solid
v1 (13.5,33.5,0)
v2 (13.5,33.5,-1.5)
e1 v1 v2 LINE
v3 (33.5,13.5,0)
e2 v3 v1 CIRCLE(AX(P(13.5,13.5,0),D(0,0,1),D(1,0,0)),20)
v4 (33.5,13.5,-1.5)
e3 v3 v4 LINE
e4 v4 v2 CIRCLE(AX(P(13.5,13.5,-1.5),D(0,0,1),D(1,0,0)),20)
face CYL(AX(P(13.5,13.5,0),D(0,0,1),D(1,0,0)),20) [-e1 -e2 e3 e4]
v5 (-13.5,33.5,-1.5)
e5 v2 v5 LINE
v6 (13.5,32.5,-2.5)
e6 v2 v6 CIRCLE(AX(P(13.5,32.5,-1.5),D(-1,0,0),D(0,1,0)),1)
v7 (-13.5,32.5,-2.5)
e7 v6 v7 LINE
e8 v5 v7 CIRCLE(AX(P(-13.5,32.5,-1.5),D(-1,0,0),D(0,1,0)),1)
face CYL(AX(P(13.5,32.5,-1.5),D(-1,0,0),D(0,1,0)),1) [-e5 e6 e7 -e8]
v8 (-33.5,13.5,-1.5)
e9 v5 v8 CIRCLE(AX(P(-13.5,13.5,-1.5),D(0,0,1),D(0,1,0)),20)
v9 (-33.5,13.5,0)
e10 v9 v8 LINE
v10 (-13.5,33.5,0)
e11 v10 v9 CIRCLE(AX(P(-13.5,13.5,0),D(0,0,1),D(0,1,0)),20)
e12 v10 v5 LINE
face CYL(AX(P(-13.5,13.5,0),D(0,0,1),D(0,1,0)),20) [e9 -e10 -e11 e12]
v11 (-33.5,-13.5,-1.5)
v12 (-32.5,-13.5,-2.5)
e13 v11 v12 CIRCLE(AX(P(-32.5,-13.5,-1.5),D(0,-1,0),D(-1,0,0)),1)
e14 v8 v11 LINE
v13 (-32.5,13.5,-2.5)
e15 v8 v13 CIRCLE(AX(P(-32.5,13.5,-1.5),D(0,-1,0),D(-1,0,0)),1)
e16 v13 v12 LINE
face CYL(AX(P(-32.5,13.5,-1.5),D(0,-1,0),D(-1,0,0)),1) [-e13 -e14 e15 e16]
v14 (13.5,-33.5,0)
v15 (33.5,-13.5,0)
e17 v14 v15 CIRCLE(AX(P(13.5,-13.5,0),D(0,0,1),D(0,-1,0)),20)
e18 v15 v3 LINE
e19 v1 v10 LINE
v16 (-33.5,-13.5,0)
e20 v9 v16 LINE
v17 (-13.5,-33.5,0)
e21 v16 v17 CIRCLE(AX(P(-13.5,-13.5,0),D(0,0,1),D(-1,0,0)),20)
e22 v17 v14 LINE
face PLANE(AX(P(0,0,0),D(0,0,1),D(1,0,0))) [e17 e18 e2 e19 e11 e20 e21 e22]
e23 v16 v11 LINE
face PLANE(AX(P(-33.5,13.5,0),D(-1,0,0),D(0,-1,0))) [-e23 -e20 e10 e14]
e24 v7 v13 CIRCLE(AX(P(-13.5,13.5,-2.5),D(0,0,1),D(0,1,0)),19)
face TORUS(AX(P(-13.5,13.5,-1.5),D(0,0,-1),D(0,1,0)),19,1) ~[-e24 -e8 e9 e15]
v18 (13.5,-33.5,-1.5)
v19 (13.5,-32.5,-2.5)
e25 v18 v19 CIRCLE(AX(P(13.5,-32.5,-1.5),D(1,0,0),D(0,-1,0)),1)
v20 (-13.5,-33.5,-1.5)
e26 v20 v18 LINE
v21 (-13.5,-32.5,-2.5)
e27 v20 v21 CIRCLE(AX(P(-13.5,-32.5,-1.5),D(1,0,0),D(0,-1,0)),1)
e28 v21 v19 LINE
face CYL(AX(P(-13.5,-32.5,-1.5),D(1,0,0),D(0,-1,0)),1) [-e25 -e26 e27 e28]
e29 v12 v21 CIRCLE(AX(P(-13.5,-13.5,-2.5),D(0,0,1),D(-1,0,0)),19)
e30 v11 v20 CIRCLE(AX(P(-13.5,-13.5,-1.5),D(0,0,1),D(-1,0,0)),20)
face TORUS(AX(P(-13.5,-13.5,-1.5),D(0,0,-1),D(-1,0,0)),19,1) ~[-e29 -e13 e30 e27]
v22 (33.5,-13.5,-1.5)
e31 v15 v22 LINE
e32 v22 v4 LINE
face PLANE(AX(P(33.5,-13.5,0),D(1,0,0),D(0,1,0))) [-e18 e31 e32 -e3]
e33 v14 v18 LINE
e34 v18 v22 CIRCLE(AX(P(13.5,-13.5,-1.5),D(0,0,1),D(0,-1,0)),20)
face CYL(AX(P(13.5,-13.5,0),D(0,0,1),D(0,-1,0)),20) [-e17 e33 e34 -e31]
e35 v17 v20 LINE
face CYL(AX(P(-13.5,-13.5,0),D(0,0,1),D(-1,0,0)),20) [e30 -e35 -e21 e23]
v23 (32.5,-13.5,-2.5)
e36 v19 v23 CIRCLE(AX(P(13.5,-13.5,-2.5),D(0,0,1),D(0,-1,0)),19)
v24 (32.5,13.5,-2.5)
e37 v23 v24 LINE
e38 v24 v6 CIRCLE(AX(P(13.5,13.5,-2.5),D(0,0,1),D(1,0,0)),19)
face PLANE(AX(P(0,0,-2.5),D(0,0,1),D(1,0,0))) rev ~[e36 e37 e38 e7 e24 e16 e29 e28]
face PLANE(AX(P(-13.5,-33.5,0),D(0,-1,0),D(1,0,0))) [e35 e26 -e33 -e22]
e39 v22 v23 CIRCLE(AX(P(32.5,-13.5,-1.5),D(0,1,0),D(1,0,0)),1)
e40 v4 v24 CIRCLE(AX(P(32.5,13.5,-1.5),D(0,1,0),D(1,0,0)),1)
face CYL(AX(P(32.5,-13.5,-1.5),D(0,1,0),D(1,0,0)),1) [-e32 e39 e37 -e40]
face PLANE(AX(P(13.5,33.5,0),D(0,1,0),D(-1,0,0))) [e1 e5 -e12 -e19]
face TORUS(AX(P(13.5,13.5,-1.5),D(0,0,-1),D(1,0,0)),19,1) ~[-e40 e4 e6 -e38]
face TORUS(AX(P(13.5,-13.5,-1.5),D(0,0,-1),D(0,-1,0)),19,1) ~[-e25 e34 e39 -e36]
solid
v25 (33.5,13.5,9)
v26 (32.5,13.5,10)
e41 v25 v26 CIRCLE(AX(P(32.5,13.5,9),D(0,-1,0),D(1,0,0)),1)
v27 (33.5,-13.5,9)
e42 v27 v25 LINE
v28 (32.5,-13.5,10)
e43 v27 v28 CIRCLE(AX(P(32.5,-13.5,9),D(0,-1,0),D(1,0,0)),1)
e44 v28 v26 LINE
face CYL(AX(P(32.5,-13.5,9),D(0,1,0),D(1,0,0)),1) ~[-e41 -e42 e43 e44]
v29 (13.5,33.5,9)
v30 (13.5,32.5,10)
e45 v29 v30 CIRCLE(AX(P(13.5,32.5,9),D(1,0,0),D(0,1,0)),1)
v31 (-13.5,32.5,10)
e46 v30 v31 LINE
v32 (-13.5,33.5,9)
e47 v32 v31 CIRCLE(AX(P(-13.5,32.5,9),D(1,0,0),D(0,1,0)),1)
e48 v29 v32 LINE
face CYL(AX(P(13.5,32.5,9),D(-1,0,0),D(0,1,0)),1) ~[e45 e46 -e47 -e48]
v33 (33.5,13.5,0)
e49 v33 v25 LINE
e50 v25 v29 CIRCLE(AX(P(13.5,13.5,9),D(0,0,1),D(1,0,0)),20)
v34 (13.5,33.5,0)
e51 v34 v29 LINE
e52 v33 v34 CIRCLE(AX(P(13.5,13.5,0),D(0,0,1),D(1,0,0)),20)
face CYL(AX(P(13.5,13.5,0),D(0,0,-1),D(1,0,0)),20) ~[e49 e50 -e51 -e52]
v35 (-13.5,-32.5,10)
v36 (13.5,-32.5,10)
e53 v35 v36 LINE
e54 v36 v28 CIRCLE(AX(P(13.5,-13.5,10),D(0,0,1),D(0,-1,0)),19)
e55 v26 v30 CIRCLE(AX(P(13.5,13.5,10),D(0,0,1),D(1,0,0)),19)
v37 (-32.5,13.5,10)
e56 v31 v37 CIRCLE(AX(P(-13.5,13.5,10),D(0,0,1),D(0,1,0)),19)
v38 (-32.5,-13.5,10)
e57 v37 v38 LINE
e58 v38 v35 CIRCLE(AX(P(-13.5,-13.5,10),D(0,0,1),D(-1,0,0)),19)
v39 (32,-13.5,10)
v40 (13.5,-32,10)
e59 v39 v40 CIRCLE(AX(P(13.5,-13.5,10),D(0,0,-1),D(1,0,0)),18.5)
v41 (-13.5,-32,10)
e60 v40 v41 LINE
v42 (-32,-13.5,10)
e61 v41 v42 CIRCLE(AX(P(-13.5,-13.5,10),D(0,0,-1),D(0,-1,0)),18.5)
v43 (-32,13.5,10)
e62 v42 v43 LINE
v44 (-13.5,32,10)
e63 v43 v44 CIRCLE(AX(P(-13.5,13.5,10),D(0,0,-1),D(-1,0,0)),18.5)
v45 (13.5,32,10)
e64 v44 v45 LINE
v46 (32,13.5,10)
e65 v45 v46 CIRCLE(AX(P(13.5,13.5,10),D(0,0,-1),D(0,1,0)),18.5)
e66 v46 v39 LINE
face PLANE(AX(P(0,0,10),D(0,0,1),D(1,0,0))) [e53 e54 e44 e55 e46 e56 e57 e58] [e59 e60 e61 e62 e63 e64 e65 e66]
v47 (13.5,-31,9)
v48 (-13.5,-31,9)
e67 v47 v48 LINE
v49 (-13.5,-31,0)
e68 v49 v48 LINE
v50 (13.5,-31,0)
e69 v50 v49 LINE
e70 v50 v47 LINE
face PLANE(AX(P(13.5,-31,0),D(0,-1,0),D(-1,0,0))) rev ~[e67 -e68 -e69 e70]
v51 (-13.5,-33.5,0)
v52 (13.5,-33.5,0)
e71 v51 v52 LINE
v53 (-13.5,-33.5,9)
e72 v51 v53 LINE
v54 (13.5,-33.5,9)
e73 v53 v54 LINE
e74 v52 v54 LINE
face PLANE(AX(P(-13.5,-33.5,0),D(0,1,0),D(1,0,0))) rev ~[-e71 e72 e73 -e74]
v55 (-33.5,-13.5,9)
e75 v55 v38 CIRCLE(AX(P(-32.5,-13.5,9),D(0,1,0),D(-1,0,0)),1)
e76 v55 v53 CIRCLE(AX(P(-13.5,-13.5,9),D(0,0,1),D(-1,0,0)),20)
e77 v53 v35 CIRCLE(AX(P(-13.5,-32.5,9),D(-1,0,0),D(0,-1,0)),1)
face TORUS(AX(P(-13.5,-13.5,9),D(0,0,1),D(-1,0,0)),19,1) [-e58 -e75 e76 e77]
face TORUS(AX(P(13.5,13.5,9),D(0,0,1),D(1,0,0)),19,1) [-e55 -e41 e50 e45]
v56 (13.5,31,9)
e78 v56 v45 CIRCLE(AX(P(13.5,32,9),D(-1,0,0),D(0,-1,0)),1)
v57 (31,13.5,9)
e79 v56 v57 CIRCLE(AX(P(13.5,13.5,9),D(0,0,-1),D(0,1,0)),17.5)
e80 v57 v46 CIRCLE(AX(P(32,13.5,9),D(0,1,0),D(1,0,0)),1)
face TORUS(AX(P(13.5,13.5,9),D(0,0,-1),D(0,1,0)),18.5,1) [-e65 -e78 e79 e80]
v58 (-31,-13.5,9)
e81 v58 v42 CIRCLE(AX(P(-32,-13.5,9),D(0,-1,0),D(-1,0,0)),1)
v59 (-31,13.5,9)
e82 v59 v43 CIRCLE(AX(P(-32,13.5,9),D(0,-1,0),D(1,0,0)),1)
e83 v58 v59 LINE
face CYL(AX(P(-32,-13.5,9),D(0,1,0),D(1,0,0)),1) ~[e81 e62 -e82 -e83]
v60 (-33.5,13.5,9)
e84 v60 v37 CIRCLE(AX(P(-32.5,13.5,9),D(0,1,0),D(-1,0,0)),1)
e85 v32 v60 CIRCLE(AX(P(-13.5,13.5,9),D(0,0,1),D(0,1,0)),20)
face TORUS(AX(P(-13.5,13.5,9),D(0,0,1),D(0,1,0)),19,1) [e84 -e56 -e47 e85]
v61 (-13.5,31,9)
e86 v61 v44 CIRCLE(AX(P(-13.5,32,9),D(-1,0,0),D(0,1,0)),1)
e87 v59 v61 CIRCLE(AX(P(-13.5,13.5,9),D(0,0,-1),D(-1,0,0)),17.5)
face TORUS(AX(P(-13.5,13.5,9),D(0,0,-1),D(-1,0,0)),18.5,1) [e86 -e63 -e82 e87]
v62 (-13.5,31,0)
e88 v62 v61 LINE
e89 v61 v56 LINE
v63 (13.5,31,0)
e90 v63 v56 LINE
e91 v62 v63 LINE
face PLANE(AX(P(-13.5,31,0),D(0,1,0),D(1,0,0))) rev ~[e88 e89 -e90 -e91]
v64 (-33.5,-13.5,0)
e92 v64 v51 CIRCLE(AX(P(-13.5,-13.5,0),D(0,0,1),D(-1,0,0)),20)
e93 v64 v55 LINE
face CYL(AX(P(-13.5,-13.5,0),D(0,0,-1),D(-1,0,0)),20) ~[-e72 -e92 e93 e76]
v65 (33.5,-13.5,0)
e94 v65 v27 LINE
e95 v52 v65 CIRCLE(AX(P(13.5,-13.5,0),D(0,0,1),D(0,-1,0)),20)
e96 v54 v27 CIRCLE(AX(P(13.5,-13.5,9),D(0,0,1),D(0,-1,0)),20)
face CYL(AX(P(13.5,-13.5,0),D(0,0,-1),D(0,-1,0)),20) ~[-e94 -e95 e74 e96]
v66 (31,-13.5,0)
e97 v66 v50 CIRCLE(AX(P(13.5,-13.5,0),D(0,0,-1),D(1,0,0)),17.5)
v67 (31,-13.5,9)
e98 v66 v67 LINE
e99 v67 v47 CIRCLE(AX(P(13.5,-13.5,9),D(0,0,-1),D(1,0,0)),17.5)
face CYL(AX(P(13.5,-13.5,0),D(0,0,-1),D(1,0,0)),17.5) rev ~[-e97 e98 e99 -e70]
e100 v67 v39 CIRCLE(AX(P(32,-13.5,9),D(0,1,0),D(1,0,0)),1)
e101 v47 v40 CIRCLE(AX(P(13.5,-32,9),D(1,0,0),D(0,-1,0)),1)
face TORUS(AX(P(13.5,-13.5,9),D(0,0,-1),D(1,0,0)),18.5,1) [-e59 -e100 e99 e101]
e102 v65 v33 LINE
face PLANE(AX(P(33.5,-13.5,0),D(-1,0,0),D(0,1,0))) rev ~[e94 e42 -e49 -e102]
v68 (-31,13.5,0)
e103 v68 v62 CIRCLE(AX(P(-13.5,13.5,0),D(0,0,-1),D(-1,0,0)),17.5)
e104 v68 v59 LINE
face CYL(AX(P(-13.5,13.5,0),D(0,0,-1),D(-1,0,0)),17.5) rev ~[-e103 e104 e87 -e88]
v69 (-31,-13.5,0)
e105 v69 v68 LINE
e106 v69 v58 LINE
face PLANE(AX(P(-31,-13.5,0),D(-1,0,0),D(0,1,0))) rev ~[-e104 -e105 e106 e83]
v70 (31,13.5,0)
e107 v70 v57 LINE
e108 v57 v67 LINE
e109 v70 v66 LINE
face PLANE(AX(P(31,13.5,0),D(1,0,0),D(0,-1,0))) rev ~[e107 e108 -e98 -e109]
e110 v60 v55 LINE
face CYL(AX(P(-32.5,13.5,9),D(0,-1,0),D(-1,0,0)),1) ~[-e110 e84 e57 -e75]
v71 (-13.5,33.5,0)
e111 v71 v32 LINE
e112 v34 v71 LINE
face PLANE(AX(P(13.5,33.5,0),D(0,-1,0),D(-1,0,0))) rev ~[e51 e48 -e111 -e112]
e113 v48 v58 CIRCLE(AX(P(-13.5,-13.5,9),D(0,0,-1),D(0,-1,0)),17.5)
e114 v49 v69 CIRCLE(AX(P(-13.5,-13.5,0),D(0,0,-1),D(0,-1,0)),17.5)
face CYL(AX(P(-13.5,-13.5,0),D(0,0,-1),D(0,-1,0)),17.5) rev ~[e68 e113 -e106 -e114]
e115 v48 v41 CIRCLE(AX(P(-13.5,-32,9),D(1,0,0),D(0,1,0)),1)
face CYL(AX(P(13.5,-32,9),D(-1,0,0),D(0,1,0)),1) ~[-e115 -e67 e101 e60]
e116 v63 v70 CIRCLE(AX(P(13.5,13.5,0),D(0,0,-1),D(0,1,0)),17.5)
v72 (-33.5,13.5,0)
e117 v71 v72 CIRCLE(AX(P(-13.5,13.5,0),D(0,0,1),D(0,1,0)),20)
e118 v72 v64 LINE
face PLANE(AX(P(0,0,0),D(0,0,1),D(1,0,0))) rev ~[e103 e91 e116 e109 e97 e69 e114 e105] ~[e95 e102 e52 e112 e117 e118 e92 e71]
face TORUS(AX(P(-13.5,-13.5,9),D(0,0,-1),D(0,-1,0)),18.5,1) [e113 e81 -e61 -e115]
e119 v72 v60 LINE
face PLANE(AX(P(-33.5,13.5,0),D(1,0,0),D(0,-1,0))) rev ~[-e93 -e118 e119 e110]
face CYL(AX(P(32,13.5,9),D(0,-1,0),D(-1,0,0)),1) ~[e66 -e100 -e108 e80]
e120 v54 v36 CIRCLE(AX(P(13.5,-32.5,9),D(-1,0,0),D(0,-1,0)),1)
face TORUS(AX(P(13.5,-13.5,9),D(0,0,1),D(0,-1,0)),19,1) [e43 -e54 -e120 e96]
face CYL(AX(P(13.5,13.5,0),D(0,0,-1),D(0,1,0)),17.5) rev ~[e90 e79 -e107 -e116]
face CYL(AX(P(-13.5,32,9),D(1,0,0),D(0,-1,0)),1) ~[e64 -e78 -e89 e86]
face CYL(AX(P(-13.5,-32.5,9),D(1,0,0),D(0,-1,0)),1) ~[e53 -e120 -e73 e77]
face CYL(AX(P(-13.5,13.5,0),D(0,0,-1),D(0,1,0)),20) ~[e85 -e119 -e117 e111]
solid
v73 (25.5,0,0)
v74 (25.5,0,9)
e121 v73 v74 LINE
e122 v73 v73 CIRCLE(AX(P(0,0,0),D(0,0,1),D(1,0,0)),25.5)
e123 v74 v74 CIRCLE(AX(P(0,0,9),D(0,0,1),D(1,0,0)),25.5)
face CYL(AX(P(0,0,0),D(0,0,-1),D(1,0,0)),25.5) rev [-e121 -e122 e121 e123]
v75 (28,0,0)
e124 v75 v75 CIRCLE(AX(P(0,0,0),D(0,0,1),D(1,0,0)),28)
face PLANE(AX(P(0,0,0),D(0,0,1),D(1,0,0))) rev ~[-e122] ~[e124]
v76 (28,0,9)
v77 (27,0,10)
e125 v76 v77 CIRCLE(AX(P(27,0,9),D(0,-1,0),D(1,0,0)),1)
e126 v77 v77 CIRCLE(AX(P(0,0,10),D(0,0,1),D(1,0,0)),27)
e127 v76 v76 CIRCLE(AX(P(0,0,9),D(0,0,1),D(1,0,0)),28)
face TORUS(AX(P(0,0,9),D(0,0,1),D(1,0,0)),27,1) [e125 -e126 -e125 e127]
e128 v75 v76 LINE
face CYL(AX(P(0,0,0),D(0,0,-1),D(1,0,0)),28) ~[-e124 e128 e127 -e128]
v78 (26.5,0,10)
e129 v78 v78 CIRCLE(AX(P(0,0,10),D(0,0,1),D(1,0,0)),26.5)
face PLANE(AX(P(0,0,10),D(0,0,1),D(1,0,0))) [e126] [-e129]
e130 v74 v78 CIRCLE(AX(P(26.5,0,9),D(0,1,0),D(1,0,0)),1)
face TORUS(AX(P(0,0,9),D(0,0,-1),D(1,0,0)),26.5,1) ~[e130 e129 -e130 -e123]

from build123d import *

# Parameters (mm, degrees)
F0_R     = 28
F0_R_2   = 25.5
F1_DEPTH = 2.5
F2_DEPTH = 10
F3_R     = 1
F4_R     = 1
F4_2_R   = 1


with BuildPart() as f1:
    # F0 (on Top) → F1 (new body)
    with BuildSketch(Plane.XY):
        with BuildLine():
            Line((-13.5, -33.5), (13.5, -33.5))
            ThreePointArc((13.5, -33.5), (27.6421356237, -27.6421356237), (33.5, -13.5))
            Line((33.5, -13.5), (33.5, 13.5))
            ThreePointArc((33.5, 13.5), (27.6421356237, 27.6421356237), (13.5, 33.5))
            Line((13.5, 33.5), (-13.5, 33.5))
            ThreePointArc((-13.5, 33.5), (-27.6421356237, 27.6421356237), (-33.5, 13.5))
            Line((-33.5, 13.5), (-33.5, -13.5))
            ThreePointArc((-33.5, -13.5), (-27.6421356237, -27.6421356237), (-13.5, -33.5))
        make_face()
        with BuildLine():
            ThreePointArc((31, -13.5), (25.8743686708, -25.8743686708), (13.5, -31))
            Line((13.5, -31), (-13.5, -31))
            ThreePointArc((-13.5, -31), (-25.8743686708, -25.8743686708), (-31, -13.5))
            Line((-31, -13.5), (-31, 13.5))
            ThreePointArc((-31, 13.5), (-25.8743686708, 25.8743686708), (-13.5, 31))
            Line((-13.5, 31), (13.5, 31))
            ThreePointArc((13.5, 31), (25.8743686708, 25.8743686708), (31, 13.5))
            Line((31, 13.5), (31, -13.5))
        make_face(mode=Mode.SUBTRACT)
        with BuildLine():
            Line((-13.5, -31), (13.5, -31))
            ThreePointArc((13.5, -31), (25.8743686708, -25.8743686708), (31, -13.5))
            Line((31, -13.5), (31, 13.5))
            ThreePointArc((31, 13.5), (25.8743686708, 25.8743686708), (13.5, 31))
            Line((13.5, 31), (-13.5, 31))
            ThreePointArc((-13.5, 31), (-25.8743686708, 25.8743686708), (-31, 13.5))
            Line((-31, 13.5), (-31, -13.5))
            ThreePointArc((-31, -13.5), (-25.8743686708, -25.8743686708), (-13.5, -31))
        make_face()
        Circle(F0_R, mode=Mode.SUBTRACT)
        Circle(F0_R)
        Circle(F0_R_2, mode=Mode.SUBTRACT)
        Circle(F0_R_2)
    extrude(amount=-F1_DEPTH)

    # F4#2
    f4_2_edges = [f1.edges().sort_by_distance(p)[0] for p in [
        (-33.5, 0, -2.5),
        (-27.642136, -27.642136, -2.5),
        (0, -33.5, -2.5),
        (27.642136, -27.642136, -2.5),
        (33.5, 0, -2.5),
        (27.642136, 27.642136, -2.5),
        (0, 33.5, -2.5),
        (-27.642136, 27.642136, -2.5),
    ]]
    fillet(f4_2_edges, radius=F4_2_R)


with BuildPart() as f2:
    # F0 (on Top) → F2 (new body)
    with BuildSketch(Plane.XY):
        Circle(F0_R)
        Circle(F0_R_2, mode=Mode.SUBTRACT)
    extrude(amount=F2_DEPTH)

    # F3
    f3_edges = [f2.edges().sort_by_distance(p)[0] for p in [
        (-25.5, 0, 10),
        (-28, 0, 10),
    ]]
    fillet(f3_edges, radius=F3_R)


with BuildPart() as f2b:
    # F0 (on Top) → F2, piece 2 (new body)
    with BuildSketch(Plane.XY):
        with BuildLine():
            Line((-13.5, -33.5), (13.5, -33.5))
            ThreePointArc((13.5, -33.5), (27.6421356237, -27.6421356237), (33.5, -13.5))
            Line((33.5, -13.5), (33.5, 13.5))
            ThreePointArc((33.5, 13.5), (27.6421356237, 27.6421356237), (13.5, 33.5))
            Line((13.5, 33.5), (-13.5, 33.5))
            ThreePointArc((-13.5, 33.5), (-27.6421356237, 27.6421356237), (-33.5, 13.5))
            Line((-33.5, 13.5), (-33.5, -13.5))
            ThreePointArc((-33.5, -13.5), (-27.6421356237, -27.6421356237), (-13.5, -33.5))
        make_face()
        with BuildLine():
            ThreePointArc((31, -13.5), (25.8743686708, -25.8743686708), (13.5, -31))
            Line((13.5, -31), (-13.5, -31))
            ThreePointArc((-13.5, -31), (-25.8743686708, -25.8743686708), (-31, -13.5))
            Line((-31, -13.5), (-31, 13.5))
            ThreePointArc((-31, 13.5), (-25.8743686708, 25.8743686708), (-13.5, 31))
            Line((-13.5, 31), (13.5, 31))
            ThreePointArc((13.5, 31), (25.8743686708, 25.8743686708), (31, 13.5))
            Line((31, 13.5), (31, -13.5))
        make_face(mode=Mode.SUBTRACT)
    extrude(amount=F2_DEPTH)

    # F4
    f4_edges = [f2b.edges().sort_by_distance(p)[0] for p in [
        (-33.5, 0, 10),
        (-27.642136, -27.642136, 10),
        (0, -33.5, 10),
        (27.642136, -27.642136, 10),
        (33.5, 0, 10),
        (27.642136, 27.642136, 10),
        (0, 33.5, 10),
        (-27.642136, 27.642136, 10),
        (25.874369, -25.874369, 10),
        (0, -31, 10),
        (-25.874369, -25.874369, 10),
        (-31, 0, 10),
        (-25.874369, 25.874369, 10),
        (0, 31, 10),
        (25.874369, 25.874369, 10),
        (31, 0, 10),
    ]]
    fillet(f4_edges, radius=F4_R)


solid = Compound([f1.part, f2.part, f2b.part])
